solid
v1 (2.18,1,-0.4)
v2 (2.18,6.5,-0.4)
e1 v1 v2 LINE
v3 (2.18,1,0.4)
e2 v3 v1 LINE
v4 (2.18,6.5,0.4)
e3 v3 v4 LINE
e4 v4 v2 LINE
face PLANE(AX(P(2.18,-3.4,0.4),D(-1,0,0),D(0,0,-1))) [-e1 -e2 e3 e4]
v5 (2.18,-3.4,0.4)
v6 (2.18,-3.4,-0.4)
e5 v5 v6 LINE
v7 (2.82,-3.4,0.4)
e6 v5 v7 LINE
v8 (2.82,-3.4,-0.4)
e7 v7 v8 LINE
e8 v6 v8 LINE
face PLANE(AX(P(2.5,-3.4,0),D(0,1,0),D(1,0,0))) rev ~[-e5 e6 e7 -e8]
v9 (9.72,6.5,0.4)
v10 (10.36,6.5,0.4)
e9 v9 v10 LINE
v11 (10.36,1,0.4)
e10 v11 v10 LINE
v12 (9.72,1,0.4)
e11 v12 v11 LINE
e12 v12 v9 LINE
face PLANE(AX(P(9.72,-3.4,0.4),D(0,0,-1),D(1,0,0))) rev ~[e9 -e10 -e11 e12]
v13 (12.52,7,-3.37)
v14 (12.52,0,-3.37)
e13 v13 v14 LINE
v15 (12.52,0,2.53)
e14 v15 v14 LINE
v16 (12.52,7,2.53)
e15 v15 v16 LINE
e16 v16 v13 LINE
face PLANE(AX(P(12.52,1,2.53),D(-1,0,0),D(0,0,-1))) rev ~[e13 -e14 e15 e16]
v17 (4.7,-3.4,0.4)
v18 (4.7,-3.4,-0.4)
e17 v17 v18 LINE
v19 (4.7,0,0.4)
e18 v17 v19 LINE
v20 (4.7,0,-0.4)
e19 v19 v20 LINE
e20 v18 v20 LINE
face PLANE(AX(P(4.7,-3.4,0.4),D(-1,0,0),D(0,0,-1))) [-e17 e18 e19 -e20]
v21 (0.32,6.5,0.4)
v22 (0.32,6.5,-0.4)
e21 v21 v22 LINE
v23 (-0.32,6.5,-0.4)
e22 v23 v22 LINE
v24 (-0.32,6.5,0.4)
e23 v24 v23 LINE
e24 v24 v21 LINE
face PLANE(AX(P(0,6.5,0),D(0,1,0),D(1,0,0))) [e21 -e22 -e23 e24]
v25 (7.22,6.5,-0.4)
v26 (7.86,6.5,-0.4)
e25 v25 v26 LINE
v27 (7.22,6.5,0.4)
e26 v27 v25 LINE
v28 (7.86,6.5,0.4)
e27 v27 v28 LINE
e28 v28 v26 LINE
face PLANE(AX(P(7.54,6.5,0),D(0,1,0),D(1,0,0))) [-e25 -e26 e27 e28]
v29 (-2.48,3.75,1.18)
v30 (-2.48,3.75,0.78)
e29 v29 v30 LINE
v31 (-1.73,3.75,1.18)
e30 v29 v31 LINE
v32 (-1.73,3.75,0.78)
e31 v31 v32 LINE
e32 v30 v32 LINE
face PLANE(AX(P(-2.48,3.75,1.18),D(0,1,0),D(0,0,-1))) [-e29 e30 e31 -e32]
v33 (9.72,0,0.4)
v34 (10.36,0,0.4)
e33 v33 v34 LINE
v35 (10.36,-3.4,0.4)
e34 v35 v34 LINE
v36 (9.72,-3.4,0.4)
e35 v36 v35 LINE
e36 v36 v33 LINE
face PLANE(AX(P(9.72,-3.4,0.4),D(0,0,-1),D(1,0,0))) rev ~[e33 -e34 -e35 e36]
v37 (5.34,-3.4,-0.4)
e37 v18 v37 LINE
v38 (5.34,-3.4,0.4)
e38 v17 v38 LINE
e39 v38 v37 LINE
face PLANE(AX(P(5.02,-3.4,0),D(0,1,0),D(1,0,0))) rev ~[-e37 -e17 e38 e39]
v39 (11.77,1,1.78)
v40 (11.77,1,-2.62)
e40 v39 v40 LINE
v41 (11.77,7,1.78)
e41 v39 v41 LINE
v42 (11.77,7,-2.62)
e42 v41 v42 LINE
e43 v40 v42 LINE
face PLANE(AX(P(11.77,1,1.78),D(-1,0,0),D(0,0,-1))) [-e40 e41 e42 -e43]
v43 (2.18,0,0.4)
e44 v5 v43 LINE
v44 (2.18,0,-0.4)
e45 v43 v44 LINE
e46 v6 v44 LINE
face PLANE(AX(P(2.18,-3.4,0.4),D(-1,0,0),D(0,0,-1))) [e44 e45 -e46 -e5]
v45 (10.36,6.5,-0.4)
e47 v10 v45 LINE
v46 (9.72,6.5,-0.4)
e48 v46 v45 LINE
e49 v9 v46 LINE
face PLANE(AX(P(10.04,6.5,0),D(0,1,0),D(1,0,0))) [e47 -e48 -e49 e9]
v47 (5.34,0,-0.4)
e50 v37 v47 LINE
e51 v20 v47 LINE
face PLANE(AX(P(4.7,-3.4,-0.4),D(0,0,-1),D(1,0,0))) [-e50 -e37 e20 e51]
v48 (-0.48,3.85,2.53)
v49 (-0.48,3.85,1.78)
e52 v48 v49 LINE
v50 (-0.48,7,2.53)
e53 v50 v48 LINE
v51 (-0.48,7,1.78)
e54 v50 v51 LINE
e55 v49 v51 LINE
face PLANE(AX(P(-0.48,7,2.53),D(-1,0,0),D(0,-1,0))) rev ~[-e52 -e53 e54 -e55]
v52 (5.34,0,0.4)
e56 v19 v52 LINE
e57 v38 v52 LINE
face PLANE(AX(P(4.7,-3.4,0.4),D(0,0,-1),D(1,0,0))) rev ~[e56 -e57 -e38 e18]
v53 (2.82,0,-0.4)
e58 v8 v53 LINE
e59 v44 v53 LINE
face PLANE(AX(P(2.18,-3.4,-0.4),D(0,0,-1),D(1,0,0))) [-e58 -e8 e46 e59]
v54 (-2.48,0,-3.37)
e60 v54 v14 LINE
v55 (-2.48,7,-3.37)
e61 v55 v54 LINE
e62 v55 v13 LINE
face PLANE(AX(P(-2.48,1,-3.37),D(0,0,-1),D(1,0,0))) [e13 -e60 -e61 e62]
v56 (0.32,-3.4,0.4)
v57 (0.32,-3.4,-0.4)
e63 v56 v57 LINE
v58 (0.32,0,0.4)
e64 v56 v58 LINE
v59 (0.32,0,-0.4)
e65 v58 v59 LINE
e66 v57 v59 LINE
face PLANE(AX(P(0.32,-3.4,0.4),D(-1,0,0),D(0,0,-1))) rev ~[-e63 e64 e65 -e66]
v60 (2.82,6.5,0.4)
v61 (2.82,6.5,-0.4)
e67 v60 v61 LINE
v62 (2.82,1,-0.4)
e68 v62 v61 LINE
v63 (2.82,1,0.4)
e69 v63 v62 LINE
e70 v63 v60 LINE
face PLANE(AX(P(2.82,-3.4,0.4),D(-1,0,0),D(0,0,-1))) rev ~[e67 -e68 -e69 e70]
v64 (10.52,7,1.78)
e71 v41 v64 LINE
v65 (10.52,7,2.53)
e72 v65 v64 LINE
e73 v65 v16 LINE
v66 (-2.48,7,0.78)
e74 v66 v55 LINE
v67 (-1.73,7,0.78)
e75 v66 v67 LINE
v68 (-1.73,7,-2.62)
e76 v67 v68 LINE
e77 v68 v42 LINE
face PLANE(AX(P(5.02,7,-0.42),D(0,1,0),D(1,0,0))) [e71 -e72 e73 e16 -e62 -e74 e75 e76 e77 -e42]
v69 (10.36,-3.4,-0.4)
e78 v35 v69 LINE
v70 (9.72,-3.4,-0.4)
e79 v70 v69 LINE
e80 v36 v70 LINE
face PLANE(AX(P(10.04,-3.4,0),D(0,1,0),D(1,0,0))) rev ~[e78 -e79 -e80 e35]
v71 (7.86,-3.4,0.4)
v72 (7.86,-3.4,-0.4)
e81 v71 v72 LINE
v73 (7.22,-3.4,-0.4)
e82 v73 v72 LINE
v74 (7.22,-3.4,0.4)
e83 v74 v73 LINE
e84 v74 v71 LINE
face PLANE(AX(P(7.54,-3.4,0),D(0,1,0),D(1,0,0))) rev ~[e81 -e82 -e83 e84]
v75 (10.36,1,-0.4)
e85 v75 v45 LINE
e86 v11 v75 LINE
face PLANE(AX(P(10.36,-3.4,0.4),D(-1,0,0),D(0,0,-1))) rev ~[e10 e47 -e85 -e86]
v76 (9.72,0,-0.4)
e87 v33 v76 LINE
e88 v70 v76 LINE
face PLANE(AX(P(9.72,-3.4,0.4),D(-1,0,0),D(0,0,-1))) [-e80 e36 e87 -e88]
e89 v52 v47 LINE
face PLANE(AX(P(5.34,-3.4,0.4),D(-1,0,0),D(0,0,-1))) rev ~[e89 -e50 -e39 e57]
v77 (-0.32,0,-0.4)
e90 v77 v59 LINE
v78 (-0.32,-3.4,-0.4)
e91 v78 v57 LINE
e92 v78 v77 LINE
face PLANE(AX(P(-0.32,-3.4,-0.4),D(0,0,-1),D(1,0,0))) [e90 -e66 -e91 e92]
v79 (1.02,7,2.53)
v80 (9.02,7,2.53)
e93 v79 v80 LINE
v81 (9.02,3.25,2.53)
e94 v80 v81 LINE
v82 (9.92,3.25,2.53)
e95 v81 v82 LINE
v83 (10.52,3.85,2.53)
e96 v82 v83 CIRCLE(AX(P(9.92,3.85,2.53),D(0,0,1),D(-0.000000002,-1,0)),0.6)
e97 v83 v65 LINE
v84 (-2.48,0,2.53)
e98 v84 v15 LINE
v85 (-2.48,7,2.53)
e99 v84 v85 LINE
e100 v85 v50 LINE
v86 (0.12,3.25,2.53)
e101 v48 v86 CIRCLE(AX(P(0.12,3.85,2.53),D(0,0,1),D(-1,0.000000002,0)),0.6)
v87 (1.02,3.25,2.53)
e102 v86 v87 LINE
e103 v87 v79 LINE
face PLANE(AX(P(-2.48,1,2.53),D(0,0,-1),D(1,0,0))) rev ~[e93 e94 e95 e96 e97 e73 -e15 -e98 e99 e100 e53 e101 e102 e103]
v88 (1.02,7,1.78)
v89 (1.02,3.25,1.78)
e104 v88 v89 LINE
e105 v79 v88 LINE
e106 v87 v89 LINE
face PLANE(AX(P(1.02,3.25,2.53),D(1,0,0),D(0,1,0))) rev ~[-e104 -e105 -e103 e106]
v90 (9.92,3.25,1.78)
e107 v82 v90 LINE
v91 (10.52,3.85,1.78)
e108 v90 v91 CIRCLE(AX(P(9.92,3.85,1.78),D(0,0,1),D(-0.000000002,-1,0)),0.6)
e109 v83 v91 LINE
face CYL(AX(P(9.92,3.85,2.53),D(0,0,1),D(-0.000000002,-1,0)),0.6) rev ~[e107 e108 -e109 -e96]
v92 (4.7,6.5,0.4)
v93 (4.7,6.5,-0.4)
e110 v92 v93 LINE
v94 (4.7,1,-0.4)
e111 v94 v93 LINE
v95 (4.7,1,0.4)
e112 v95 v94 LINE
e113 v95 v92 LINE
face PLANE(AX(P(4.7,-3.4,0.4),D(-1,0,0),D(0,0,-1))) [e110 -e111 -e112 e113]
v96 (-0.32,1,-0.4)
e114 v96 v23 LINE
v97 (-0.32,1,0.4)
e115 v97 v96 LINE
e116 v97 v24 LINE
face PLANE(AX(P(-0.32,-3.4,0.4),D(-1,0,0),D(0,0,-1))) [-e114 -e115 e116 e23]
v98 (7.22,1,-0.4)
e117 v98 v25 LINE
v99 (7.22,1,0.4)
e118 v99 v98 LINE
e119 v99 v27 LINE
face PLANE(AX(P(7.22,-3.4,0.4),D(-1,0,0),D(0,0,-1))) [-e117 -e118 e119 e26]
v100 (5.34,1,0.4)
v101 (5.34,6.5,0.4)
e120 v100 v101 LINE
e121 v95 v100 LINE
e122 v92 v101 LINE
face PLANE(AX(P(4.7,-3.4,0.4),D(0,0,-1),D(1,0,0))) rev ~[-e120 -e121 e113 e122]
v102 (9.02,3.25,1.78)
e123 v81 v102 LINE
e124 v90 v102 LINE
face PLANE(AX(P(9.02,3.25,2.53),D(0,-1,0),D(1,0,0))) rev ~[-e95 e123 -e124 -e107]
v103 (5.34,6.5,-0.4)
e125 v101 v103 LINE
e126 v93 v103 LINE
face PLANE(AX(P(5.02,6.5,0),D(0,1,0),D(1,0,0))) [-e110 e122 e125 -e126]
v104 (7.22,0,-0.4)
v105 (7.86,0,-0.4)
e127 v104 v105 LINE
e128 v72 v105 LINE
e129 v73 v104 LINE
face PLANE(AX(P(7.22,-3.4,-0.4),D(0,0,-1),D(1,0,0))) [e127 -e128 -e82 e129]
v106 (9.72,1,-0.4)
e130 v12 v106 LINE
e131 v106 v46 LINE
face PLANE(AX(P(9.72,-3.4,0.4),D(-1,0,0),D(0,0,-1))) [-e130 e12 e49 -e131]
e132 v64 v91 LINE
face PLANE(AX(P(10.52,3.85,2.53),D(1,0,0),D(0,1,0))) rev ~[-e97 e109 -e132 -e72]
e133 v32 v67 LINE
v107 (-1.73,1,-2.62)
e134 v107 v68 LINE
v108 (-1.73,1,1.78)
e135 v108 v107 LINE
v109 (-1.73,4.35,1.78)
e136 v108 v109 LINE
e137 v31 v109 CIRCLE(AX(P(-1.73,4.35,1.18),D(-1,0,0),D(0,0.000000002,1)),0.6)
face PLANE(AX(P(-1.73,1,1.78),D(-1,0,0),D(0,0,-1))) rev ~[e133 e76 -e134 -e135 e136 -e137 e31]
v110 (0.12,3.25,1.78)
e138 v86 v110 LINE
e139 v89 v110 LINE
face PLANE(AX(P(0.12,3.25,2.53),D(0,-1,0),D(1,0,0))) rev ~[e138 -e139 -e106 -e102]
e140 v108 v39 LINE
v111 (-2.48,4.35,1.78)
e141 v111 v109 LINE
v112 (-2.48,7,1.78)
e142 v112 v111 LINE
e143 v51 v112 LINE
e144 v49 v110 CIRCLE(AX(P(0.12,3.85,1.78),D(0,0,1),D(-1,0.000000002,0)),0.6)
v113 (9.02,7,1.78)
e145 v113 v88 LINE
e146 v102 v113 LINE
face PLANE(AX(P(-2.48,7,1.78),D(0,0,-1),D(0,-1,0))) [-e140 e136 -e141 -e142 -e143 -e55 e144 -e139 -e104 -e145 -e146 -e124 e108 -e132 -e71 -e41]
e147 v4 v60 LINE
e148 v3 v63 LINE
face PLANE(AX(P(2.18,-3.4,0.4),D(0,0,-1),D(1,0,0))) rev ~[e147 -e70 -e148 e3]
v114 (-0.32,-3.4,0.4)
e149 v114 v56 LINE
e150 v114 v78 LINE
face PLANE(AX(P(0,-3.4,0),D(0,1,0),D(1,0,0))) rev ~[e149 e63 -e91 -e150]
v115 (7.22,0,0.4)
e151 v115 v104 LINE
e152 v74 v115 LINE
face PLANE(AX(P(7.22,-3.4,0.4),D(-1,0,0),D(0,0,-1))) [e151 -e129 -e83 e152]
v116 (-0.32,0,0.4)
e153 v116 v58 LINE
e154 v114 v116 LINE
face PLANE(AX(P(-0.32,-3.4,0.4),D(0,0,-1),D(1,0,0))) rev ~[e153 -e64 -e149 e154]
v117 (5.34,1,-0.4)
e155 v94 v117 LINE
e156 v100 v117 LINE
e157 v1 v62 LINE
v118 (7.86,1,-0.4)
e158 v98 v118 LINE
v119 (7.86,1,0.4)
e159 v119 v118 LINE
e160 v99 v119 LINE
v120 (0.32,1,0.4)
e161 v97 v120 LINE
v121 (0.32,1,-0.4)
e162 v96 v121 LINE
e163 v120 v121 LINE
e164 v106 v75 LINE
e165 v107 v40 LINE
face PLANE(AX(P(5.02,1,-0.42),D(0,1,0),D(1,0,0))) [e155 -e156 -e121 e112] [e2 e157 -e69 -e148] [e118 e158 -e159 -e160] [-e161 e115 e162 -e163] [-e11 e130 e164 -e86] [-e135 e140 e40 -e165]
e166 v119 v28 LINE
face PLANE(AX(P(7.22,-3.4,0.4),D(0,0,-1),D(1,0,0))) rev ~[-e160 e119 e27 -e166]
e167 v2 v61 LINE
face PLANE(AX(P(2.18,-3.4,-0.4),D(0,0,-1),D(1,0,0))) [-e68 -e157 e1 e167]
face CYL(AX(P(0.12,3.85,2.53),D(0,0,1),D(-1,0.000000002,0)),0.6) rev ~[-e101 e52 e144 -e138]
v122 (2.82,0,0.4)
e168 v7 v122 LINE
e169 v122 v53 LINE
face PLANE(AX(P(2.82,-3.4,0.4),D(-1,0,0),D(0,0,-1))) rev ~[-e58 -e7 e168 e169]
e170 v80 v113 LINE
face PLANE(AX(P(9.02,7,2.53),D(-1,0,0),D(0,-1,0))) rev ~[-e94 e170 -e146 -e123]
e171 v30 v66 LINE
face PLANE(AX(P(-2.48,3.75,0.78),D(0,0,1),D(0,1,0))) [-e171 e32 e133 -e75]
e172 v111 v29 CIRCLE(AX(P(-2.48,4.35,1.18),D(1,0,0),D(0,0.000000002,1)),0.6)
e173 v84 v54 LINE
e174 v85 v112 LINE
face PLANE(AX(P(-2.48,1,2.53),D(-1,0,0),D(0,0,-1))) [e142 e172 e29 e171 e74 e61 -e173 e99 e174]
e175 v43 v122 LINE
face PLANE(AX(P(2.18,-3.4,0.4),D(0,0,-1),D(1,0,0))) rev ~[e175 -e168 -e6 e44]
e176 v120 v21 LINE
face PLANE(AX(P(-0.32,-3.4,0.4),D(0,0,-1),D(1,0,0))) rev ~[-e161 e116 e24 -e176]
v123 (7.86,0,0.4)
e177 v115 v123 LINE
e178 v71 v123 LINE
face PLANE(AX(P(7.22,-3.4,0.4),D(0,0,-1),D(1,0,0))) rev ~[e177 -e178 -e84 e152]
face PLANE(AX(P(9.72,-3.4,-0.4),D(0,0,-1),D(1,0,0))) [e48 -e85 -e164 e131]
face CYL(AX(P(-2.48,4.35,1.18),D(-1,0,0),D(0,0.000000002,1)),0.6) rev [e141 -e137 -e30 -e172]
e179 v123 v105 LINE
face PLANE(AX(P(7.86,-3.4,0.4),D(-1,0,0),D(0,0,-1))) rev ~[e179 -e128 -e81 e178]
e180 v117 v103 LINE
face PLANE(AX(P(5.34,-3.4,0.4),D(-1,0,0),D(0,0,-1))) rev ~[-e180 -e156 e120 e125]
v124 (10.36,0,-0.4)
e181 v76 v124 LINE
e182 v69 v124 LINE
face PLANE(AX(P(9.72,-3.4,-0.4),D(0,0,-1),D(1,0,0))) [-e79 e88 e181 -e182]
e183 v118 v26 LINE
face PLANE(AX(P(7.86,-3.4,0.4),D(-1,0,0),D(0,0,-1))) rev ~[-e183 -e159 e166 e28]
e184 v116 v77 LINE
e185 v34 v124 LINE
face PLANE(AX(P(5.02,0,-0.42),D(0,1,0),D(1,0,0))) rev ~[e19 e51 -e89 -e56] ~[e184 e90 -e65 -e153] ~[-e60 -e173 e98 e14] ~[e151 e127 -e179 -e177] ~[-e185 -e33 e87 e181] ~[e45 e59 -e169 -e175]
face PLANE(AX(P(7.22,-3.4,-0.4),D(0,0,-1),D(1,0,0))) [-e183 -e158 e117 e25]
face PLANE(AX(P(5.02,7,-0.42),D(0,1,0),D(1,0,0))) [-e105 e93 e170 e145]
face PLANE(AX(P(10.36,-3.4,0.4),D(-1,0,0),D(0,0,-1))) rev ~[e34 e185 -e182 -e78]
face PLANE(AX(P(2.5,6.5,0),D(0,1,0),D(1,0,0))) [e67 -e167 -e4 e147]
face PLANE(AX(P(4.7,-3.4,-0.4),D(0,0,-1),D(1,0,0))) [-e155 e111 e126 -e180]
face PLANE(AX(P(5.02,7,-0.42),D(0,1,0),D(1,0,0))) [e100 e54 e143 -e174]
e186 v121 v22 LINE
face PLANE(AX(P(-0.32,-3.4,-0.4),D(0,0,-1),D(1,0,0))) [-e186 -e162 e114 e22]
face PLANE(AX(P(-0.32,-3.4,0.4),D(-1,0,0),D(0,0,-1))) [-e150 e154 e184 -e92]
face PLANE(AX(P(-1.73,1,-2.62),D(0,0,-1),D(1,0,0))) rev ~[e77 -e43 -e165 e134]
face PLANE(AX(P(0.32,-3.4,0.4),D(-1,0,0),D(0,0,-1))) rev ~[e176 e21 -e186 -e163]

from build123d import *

# Parameters (mm, degrees)
CROQUIS1_W                   = 15
CROQUIS1_H                   = 5.9
CROQUIS1_W_2                 = 0.64
CROQUIS1_H_2                 = 0.8
SALIENTE_EXTRUIR1_DEPTH      = 1
CROQUIS2_W                   = 15
CROQUIS2_H                   = 5.9
CROQUIS2_W_2                 = 13.5
CROQUIS2_H_2                 = 4.4
SALIENTE_EXTRUIR2_DEPTH      = 6
CORTAR_EXTRUIR1_DEPTH        = 9
CORTAR_EXTRUIR2_DEPTH        = 2
SALIENTE_EXTRUIR3_DEPTH      = 6.5
SALIENTE_EXTRUIR3_DEPTH_BACK = 3.4
CROQUIS5_W                   = 0.64
CROQUIS5_H                   = 0.8


with BuildPart() as part:
    # Croquis1 → Saliente-Extruir1 (new body)
    with BuildSketch(Plane(origin=(0, 0, 0), x_dir=(1, 0, 0), z_dir=(0, 1, 0))):
        with Locations((5.02, 0.42)):
            Rectangle(CROQUIS1_W, CROQUIS1_H)
        Rectangle(CROQUIS1_W_2, CROQUIS1_H_2, mode=Mode.SUBTRACT)
        with Locations((10.04, 0)):
            Rectangle(CROQUIS1_W_2, CROQUIS1_H_2, mode=Mode.SUBTRACT)
        with Locations((7.54, 0)):
            Rectangle(CROQUIS1_W_2, CROQUIS1_H_2, mode=Mode.SUBTRACT)
        with Locations((2.5, 0)):
            Rectangle(CROQUIS1_W_2, CROQUIS1_H_2, mode=Mode.SUBTRACT)
        with Locations((5.02, 0)):
            Rectangle(CROQUIS1_W_2, CROQUIS1_H_2, mode=Mode.SUBTRACT)
    extrude(amount=SALIENTE_EXTRUIR1_DEPTH)

    # Croquis2 → Saliente-Extruir2 (add)
    with BuildSketch(Plane(origin=(0, 1, 0), x_dir=(1, 0, 0), z_dir=(0, 1, 0))):
        with Locations((5.02, 0.42)):
            Rectangle(CROQUIS2_W, CROQUIS2_H)
        with Locations((5.02, 0.42)):
            Rectangle(CROQUIS2_W_2, CROQUIS2_H_2, mode=Mode.SUBTRACT)
    extrude(amount=SALIENTE_EXTRUIR2_DEPTH)

    # Croquis3 → Cortar-Extruir1 (cut)
    with BuildSketch(Plane.ZY.offset(2.48)):
        with BuildLine():
            Line((1.78, 7), (1.78, 4.35))
            ThreePointArc((1.78, 4.35), (1.604264069, 3.925735931), (1.18, 3.75))
            Line((1.18, 3.75), (0.78, 3.75))
            Line((0.78, 3.75), (0.78, 7))
            Line((0.78, 7), (1.78, 7))
        make_face()
    extrude(amount=-CORTAR_EXTRUIR1_DEPTH, mode=Mode.SUBTRACT)

    # Croquis4 → Cortar-Extruir2 (cut)
    with BuildSketch(Plane.XY.offset(2.53)):
        with BuildLine():
            Line((-0.48, 7), (-0.48, 3.85))
            ThreePointArc((-0.48, 3.85), (-0.304264069, 3.425735931), (0.12, 3.25))
            Line((0.12, 3.25), (1.02, 3.25))
            Line((1.02, 3.25), (1.02, 7))
            Line((1.02, 7), (-0.48, 7))
        make_face()
        with BuildLine():
            Line((10.52, 7), (9.02, 7))
            Line((9.02, 7), (9.02, 3.25))
            Line((9.02, 3.25), (9.92, 3.25))
            ThreePointArc((9.92, 3.25), (10.344264069, 3.425735931), (10.52, 3.85))
            Line((10.52, 3.85), (10.52, 7))
        make_face()
    extrude(amount=-CORTAR_EXTRUIR2_DEPTH, mode=Mode.SUBTRACT)

    # Croquis5 → Saliente-Extruir3 (add, two sides: drawn at the far end of the back side and taken through both)
    with BuildSketch(Plane(origin=(0, 0, 0), x_dir=(1, 0, 0), z_dir=(0, 1, 0)).offset(-SALIENTE_EXTRUIR3_DEPTH_BACK)):
        with Locations((10.04, 0)):
            Rectangle(CROQUIS5_W, CROQUIS5_H)
        Rectangle(CROQUIS5_W, CROQUIS5_H)
        with Locations((2.5, 0)):
            Rectangle(CROQUIS5_W, CROQUIS5_H)
        with Locations((7.54, 0)):
            Rectangle(CROQUIS5_W, CROQUIS5_H)
        with Locations((5.02, 0)):
            Rectangle(CROQUIS5_W, CROQUIS5_H)
    extrude(amount=SALIENTE_EXTRUIR3_DEPTH + SALIENTE_EXTRUIR3_DEPTH_BACK)


solid = part.part
